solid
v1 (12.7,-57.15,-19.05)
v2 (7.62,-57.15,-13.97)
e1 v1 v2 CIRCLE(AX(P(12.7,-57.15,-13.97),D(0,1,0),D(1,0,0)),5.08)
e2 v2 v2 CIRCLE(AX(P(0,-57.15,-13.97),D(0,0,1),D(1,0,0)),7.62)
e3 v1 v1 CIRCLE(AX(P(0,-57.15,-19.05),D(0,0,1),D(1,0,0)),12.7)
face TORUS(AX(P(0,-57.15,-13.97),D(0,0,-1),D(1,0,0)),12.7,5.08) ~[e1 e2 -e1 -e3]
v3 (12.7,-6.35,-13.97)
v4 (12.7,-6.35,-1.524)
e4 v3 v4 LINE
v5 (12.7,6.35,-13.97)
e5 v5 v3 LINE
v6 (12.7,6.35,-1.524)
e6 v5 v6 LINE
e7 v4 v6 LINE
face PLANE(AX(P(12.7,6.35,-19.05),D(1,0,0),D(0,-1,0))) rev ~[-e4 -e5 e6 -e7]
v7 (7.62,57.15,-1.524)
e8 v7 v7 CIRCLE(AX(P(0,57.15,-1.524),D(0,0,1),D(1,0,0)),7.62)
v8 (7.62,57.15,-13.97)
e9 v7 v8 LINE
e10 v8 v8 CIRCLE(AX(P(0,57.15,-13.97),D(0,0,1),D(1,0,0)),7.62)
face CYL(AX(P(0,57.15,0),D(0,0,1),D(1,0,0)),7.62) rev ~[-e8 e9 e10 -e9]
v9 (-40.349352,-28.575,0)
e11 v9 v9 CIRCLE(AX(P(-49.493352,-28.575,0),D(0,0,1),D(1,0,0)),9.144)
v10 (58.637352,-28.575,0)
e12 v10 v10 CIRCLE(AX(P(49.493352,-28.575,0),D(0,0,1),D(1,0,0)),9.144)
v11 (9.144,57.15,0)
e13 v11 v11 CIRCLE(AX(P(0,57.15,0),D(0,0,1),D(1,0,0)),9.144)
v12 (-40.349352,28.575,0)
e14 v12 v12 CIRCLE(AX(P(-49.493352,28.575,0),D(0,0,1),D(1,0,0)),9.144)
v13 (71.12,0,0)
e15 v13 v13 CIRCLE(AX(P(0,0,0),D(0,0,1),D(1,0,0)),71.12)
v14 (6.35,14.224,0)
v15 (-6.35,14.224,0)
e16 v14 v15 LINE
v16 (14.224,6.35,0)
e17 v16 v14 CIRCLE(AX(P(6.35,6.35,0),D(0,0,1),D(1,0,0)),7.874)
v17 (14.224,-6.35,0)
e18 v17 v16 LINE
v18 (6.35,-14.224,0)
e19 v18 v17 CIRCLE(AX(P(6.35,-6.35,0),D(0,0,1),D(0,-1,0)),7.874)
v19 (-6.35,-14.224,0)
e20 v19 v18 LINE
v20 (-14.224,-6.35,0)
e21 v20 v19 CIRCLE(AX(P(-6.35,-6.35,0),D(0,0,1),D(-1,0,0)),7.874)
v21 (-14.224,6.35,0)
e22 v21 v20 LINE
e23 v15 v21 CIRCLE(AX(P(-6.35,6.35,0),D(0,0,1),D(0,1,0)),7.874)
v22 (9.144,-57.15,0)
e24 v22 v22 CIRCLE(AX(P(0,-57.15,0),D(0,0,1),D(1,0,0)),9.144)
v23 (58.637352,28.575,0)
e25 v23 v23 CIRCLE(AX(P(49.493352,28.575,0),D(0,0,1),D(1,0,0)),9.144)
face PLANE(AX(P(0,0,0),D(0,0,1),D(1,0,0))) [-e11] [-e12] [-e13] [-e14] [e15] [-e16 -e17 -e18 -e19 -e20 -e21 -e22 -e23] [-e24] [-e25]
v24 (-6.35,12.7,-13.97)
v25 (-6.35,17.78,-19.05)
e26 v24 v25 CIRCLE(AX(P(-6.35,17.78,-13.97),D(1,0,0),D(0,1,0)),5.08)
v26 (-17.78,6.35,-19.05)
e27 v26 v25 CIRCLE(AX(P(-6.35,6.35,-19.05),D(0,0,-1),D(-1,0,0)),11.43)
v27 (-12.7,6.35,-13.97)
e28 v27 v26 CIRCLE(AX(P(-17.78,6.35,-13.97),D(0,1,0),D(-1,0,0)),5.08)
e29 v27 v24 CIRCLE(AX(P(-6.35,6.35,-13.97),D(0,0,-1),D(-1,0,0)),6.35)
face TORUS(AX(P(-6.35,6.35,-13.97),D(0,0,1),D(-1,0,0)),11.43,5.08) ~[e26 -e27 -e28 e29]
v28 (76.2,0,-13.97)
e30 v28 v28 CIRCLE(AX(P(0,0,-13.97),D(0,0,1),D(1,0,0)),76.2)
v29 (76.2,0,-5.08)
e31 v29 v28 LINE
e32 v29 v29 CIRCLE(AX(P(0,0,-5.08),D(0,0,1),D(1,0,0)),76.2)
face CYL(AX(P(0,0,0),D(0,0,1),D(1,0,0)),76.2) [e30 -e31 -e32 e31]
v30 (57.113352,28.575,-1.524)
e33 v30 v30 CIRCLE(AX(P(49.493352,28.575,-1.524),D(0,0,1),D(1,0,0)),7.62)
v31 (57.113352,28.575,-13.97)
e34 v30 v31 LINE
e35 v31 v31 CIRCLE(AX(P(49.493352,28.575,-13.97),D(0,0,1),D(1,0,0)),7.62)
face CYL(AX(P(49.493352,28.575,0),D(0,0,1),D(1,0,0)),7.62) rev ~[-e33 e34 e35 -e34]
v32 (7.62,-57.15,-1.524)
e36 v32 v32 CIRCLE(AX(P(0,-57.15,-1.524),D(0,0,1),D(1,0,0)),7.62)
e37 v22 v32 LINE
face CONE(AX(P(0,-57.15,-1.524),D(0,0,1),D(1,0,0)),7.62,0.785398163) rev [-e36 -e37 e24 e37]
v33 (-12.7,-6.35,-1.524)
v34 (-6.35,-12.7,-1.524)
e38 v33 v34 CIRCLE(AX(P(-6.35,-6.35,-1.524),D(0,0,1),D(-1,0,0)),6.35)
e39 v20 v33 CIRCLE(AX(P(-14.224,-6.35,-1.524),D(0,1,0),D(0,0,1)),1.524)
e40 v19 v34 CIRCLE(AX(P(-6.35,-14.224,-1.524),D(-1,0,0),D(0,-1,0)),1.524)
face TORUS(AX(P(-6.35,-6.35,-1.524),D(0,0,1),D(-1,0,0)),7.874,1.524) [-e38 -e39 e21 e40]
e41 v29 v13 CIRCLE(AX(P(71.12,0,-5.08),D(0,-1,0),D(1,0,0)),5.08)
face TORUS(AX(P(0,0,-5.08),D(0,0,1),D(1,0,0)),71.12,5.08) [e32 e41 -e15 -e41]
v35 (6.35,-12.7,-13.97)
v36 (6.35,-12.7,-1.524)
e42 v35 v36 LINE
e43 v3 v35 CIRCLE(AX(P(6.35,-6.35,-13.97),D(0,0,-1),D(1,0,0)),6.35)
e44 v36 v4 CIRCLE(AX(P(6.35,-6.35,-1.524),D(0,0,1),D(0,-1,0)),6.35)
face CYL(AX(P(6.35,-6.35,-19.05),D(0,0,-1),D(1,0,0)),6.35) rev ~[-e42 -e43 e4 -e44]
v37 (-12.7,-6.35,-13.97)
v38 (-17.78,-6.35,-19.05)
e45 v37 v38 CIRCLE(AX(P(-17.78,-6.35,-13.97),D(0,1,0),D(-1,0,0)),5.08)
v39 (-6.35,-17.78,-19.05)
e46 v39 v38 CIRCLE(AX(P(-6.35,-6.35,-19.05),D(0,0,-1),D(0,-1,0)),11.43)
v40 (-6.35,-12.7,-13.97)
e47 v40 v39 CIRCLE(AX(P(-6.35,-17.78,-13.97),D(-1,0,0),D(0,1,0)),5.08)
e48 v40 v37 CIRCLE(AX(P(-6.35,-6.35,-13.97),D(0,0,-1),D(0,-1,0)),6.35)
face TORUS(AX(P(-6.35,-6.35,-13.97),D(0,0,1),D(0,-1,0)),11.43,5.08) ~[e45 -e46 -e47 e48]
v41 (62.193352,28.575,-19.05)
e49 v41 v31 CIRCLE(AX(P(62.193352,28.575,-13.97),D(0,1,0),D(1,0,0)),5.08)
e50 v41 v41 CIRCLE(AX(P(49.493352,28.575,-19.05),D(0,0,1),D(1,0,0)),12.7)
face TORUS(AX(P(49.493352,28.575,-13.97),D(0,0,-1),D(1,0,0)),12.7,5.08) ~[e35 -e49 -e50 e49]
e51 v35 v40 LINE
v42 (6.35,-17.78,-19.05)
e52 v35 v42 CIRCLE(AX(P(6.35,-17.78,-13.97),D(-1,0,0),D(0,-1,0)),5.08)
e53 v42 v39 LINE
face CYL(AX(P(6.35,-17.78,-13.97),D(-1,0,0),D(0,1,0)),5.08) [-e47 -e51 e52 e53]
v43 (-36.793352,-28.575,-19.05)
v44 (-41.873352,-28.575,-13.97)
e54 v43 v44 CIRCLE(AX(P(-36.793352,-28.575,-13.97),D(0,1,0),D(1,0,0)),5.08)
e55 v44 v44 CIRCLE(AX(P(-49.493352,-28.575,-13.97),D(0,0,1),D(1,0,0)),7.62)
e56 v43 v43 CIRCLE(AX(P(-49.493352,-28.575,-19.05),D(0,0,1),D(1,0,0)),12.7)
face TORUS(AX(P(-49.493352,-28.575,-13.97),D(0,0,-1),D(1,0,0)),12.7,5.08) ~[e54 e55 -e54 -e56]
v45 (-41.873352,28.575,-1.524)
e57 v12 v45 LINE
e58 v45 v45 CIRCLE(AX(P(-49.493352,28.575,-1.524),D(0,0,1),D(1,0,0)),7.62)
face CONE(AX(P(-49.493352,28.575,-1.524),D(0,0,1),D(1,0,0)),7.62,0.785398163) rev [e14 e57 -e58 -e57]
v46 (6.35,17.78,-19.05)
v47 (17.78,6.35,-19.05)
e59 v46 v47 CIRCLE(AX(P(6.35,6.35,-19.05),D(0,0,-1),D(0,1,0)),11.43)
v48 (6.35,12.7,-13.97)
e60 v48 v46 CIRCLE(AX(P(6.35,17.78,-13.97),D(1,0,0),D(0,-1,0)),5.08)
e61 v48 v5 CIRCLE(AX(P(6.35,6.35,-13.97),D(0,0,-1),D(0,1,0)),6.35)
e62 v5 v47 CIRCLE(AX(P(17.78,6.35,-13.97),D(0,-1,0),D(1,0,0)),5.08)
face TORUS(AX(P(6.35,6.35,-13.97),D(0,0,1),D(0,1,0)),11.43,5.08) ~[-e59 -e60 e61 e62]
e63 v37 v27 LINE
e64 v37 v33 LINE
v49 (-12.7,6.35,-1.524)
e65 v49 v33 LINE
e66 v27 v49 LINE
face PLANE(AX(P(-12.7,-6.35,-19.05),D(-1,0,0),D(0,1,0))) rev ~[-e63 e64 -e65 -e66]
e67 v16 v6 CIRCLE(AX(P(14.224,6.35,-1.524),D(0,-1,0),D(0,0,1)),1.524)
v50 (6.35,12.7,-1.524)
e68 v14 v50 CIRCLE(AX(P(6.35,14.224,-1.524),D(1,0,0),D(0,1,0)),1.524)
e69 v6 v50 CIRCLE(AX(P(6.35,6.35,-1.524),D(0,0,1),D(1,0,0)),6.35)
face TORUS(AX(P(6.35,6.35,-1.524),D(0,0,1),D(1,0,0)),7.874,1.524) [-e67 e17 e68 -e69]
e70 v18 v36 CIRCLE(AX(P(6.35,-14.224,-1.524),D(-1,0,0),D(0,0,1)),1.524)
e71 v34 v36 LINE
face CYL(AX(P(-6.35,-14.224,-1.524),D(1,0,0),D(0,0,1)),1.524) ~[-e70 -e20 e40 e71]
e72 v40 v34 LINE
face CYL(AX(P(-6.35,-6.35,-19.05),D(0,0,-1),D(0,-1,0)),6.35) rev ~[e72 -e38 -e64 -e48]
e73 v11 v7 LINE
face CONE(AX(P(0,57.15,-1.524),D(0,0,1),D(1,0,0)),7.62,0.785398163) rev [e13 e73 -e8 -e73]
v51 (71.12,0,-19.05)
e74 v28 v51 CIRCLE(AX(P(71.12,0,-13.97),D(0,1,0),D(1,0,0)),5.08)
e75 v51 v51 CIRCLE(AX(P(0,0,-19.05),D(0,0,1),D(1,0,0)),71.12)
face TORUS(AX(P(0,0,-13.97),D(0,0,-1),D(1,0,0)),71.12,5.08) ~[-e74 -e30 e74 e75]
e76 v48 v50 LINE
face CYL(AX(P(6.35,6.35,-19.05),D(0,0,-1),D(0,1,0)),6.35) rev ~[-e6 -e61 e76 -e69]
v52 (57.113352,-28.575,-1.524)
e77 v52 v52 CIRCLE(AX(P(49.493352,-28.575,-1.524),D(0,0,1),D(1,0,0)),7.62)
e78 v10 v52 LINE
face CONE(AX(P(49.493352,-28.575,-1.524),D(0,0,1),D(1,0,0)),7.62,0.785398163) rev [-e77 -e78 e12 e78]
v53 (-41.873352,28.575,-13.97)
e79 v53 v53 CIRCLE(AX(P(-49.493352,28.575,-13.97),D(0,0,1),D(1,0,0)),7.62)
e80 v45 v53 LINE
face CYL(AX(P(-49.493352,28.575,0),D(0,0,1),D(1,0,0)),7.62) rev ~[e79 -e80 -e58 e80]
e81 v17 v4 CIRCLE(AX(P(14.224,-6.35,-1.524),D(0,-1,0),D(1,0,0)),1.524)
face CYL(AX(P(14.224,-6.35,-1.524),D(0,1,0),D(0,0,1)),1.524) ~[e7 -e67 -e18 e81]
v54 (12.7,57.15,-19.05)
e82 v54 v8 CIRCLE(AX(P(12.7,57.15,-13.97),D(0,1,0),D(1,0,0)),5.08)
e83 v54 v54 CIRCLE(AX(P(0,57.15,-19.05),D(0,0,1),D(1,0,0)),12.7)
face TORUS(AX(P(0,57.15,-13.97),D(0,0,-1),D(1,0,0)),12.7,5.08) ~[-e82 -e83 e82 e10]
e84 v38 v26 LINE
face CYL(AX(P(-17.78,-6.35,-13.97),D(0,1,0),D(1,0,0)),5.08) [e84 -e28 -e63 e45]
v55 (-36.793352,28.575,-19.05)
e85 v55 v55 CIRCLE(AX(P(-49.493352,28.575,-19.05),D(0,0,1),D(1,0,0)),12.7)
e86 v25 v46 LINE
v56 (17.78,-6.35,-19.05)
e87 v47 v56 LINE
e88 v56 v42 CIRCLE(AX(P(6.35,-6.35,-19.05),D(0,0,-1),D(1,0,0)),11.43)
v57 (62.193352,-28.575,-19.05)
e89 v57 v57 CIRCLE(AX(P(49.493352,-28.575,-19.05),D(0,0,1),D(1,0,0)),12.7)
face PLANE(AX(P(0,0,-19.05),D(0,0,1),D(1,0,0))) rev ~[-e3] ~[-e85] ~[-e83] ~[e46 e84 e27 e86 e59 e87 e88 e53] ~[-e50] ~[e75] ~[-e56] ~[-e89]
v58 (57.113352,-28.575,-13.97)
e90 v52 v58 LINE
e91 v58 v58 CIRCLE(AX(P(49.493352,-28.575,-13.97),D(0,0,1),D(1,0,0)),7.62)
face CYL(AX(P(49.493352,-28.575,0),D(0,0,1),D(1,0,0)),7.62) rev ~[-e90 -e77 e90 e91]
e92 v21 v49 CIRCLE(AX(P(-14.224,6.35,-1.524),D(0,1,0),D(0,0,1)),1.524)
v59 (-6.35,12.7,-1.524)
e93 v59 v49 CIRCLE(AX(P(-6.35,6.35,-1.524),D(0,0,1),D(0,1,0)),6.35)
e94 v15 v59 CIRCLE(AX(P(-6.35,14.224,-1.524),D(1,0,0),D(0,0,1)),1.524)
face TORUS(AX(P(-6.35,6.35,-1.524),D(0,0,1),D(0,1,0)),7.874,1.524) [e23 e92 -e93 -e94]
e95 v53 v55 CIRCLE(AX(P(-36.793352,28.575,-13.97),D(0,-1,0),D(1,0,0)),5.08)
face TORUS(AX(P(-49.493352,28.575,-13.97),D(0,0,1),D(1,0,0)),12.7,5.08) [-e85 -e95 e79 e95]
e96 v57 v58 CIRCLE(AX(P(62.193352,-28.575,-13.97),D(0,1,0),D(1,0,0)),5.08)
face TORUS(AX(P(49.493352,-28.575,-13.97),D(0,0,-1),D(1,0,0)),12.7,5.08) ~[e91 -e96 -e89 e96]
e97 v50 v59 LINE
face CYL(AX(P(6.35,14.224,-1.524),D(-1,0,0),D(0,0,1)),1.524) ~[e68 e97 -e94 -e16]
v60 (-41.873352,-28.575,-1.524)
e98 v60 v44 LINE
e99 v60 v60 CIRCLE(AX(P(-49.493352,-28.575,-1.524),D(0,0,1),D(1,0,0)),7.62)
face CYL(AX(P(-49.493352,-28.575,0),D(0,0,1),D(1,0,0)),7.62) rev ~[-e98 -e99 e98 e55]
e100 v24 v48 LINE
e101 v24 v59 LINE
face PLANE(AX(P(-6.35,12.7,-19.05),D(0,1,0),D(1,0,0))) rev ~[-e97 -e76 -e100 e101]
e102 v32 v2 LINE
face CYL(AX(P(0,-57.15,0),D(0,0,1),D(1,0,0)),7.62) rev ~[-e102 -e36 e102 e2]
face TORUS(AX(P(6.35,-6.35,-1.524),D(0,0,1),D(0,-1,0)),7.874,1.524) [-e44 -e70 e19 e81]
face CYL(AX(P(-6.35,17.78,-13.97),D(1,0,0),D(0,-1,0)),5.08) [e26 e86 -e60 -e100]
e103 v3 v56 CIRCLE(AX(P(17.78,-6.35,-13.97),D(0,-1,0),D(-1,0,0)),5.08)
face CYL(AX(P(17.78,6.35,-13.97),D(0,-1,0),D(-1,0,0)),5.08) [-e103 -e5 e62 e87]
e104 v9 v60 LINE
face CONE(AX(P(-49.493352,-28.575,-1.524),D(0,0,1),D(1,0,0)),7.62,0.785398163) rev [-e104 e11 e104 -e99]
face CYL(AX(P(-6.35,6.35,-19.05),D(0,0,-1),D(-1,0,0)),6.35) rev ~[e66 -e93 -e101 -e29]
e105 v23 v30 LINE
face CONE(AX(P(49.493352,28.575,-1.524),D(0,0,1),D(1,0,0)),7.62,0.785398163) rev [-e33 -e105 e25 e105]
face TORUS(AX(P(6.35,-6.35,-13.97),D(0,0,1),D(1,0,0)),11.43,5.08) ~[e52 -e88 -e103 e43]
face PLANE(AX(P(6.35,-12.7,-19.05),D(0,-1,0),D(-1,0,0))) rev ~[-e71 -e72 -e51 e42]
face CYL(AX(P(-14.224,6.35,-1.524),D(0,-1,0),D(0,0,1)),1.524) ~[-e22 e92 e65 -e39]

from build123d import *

# Parameters (mm, degrees)
F0_R     = 76.2
F0_R_2   = 7.62
F1_DEPTH = 19.05
F3_DEPTH = 19.051
F4_SIZE  = 1.524
F5_R     = 1.524
F6_R     = 5.08
F7_R     = 5.08


with BuildPart() as f1:
    # F0 (on Top) → F1 (new body)
    with BuildSketch(Plane.XY):
        Circle(F0_R)
        with Locations((-49.4933518263, -28.575)):
            Circle(F0_R_2, mode=Mode.SUBTRACT)
        with Locations((0, -57.15)):
            Circle(F0_R_2, mode=Mode.SUBTRACT)
        with Locations((49.4933518263, -28.575)):
            Circle(F0_R_2, mode=Mode.SUBTRACT)
        with Locations((-49.4933518263, 28.575)):
            Circle(F0_R_2, mode=Mode.SUBTRACT)
        with Locations((49.4933518263, 28.575)):
            Circle(F0_R_2, mode=Mode.SUBTRACT)
        with Locations((0, 57.15)):
            Circle(F0_R_2, mode=Mode.SUBTRACT)
    extrude(amount=-F1_DEPTH)

    # F2 (on face) → F3 (cut, through all)
    with BuildSketch(Plane(origin=(0, 0, -19.05), x_dir=(1, 0, 0), z_dir=(0, 0, -1))):
        with BuildLine():
            Line((-6.35, -12.7), (6.35, -12.7))
            ThreePointArc((6.35, -12.7), (10.8401280605, -10.8401280605), (12.7, -6.35))
            Line((12.7, -6.35), (12.7, 6.35))
            ThreePointArc((12.7, 6.35), (10.8401280605, 10.8401280605), (6.35, 12.7))
            Line((6.35, 12.7), (-6.35, 12.7))
            ThreePointArc((-6.35, 12.7), (-10.8401280605, 10.8401280605), (-12.7, 6.35))
            Line((-12.7, 6.35), (-12.7, -6.35))
            ThreePointArc((-12.7, -6.35), (-10.8401280605, -10.8401280605), (-6.35, -12.7))
        make_face()
    extrude(amount=-F3_DEPTH, mode=Mode.SUBTRACT)

    # F4
    f4_edges = [f1.edges().sort_by_distance(p)[0] for p in [
        (-57.113352, 28.575, 0),
        (-7.62, 57.15, 0),
        (41.873352, 28.575, 0),
        (41.873352, -28.575, 0),
        (-7.62, -57.15, 0),
        (-57.113352, -28.575, 0),
    ]]
    chamfer(f4_edges, length=F4_SIZE)

    # F5
    f5_edges = [f1.edges().sort_by_distance(p)[0] for p in [
        (-12.7, 0, 0),
        (-10.840128, 10.840128, 0),
        (0, 12.7, 0),
        (-10.840128, -10.840128, 0),
        (0, -12.7, 0),
        (10.840128, 10.840128, 0),
        (12.7, 0, 0),
        (10.840128, -10.840128, 0),
    ]]
    fillet(f5_edges, radius=F5_R)

    # F6
    f6_edges = [f1.edges().sort_by_distance(p)[0] for p in [
        (-76.2, 0, -19.05),
        (-7.62, -57.15, -19.05),
        (-57.113352, -28.575, -19.05),
        (41.873352, -28.575, -19.05),
        (-57.113352, 28.575, -19.05),
        (-10.840128, 10.840128, -19.05),
        (-12.7, 0, -19.05),
        (-10.840128, -10.840128, -19.05),
        (0, -12.7, -19.05),
        (10.840128, -10.840128, -19.05),
        (12.7, 0, -19.05),
        (10.840128, 10.840128, -19.05),
        (0, 12.7, -19.05),
        (-7.62, 57.15, -19.05),
        (41.873352, 28.575, -19.05),
    ]]
    fillet(f6_edges, radius=F6_R)

    # F7
    f7_edges = [f1.edges().sort_by_distance(p)[0] for p in [
        (-71.12, 0, -19.05),
        (-12.7, -57.15, -19.05),
        (-62.193352, -28.575, -19.05),
        (36.793352, -28.575, -19.05),
        (-62.193352, 28.575, -19.05),
        (-14.432231, 14.432231, -19.05),
        (-17.78, 0, -19.05),
        (0, 17.78, -19.05),
        (-14.432231, -14.432231, -19.05),
        (14.432231, 14.432231, -19.05),
        (0, -17.78, -19.05),
        (17.78, 0, -19.05),
        (14.432231, -14.432231, -19.05),
        (-12.7, 57.15, -19.05),
        (36.793352, 28.575, -19.05),
        (-76.2, 0, 0),
    ]]
    fillet(f7_edges, radius=F7_R)


solid = f1.part
